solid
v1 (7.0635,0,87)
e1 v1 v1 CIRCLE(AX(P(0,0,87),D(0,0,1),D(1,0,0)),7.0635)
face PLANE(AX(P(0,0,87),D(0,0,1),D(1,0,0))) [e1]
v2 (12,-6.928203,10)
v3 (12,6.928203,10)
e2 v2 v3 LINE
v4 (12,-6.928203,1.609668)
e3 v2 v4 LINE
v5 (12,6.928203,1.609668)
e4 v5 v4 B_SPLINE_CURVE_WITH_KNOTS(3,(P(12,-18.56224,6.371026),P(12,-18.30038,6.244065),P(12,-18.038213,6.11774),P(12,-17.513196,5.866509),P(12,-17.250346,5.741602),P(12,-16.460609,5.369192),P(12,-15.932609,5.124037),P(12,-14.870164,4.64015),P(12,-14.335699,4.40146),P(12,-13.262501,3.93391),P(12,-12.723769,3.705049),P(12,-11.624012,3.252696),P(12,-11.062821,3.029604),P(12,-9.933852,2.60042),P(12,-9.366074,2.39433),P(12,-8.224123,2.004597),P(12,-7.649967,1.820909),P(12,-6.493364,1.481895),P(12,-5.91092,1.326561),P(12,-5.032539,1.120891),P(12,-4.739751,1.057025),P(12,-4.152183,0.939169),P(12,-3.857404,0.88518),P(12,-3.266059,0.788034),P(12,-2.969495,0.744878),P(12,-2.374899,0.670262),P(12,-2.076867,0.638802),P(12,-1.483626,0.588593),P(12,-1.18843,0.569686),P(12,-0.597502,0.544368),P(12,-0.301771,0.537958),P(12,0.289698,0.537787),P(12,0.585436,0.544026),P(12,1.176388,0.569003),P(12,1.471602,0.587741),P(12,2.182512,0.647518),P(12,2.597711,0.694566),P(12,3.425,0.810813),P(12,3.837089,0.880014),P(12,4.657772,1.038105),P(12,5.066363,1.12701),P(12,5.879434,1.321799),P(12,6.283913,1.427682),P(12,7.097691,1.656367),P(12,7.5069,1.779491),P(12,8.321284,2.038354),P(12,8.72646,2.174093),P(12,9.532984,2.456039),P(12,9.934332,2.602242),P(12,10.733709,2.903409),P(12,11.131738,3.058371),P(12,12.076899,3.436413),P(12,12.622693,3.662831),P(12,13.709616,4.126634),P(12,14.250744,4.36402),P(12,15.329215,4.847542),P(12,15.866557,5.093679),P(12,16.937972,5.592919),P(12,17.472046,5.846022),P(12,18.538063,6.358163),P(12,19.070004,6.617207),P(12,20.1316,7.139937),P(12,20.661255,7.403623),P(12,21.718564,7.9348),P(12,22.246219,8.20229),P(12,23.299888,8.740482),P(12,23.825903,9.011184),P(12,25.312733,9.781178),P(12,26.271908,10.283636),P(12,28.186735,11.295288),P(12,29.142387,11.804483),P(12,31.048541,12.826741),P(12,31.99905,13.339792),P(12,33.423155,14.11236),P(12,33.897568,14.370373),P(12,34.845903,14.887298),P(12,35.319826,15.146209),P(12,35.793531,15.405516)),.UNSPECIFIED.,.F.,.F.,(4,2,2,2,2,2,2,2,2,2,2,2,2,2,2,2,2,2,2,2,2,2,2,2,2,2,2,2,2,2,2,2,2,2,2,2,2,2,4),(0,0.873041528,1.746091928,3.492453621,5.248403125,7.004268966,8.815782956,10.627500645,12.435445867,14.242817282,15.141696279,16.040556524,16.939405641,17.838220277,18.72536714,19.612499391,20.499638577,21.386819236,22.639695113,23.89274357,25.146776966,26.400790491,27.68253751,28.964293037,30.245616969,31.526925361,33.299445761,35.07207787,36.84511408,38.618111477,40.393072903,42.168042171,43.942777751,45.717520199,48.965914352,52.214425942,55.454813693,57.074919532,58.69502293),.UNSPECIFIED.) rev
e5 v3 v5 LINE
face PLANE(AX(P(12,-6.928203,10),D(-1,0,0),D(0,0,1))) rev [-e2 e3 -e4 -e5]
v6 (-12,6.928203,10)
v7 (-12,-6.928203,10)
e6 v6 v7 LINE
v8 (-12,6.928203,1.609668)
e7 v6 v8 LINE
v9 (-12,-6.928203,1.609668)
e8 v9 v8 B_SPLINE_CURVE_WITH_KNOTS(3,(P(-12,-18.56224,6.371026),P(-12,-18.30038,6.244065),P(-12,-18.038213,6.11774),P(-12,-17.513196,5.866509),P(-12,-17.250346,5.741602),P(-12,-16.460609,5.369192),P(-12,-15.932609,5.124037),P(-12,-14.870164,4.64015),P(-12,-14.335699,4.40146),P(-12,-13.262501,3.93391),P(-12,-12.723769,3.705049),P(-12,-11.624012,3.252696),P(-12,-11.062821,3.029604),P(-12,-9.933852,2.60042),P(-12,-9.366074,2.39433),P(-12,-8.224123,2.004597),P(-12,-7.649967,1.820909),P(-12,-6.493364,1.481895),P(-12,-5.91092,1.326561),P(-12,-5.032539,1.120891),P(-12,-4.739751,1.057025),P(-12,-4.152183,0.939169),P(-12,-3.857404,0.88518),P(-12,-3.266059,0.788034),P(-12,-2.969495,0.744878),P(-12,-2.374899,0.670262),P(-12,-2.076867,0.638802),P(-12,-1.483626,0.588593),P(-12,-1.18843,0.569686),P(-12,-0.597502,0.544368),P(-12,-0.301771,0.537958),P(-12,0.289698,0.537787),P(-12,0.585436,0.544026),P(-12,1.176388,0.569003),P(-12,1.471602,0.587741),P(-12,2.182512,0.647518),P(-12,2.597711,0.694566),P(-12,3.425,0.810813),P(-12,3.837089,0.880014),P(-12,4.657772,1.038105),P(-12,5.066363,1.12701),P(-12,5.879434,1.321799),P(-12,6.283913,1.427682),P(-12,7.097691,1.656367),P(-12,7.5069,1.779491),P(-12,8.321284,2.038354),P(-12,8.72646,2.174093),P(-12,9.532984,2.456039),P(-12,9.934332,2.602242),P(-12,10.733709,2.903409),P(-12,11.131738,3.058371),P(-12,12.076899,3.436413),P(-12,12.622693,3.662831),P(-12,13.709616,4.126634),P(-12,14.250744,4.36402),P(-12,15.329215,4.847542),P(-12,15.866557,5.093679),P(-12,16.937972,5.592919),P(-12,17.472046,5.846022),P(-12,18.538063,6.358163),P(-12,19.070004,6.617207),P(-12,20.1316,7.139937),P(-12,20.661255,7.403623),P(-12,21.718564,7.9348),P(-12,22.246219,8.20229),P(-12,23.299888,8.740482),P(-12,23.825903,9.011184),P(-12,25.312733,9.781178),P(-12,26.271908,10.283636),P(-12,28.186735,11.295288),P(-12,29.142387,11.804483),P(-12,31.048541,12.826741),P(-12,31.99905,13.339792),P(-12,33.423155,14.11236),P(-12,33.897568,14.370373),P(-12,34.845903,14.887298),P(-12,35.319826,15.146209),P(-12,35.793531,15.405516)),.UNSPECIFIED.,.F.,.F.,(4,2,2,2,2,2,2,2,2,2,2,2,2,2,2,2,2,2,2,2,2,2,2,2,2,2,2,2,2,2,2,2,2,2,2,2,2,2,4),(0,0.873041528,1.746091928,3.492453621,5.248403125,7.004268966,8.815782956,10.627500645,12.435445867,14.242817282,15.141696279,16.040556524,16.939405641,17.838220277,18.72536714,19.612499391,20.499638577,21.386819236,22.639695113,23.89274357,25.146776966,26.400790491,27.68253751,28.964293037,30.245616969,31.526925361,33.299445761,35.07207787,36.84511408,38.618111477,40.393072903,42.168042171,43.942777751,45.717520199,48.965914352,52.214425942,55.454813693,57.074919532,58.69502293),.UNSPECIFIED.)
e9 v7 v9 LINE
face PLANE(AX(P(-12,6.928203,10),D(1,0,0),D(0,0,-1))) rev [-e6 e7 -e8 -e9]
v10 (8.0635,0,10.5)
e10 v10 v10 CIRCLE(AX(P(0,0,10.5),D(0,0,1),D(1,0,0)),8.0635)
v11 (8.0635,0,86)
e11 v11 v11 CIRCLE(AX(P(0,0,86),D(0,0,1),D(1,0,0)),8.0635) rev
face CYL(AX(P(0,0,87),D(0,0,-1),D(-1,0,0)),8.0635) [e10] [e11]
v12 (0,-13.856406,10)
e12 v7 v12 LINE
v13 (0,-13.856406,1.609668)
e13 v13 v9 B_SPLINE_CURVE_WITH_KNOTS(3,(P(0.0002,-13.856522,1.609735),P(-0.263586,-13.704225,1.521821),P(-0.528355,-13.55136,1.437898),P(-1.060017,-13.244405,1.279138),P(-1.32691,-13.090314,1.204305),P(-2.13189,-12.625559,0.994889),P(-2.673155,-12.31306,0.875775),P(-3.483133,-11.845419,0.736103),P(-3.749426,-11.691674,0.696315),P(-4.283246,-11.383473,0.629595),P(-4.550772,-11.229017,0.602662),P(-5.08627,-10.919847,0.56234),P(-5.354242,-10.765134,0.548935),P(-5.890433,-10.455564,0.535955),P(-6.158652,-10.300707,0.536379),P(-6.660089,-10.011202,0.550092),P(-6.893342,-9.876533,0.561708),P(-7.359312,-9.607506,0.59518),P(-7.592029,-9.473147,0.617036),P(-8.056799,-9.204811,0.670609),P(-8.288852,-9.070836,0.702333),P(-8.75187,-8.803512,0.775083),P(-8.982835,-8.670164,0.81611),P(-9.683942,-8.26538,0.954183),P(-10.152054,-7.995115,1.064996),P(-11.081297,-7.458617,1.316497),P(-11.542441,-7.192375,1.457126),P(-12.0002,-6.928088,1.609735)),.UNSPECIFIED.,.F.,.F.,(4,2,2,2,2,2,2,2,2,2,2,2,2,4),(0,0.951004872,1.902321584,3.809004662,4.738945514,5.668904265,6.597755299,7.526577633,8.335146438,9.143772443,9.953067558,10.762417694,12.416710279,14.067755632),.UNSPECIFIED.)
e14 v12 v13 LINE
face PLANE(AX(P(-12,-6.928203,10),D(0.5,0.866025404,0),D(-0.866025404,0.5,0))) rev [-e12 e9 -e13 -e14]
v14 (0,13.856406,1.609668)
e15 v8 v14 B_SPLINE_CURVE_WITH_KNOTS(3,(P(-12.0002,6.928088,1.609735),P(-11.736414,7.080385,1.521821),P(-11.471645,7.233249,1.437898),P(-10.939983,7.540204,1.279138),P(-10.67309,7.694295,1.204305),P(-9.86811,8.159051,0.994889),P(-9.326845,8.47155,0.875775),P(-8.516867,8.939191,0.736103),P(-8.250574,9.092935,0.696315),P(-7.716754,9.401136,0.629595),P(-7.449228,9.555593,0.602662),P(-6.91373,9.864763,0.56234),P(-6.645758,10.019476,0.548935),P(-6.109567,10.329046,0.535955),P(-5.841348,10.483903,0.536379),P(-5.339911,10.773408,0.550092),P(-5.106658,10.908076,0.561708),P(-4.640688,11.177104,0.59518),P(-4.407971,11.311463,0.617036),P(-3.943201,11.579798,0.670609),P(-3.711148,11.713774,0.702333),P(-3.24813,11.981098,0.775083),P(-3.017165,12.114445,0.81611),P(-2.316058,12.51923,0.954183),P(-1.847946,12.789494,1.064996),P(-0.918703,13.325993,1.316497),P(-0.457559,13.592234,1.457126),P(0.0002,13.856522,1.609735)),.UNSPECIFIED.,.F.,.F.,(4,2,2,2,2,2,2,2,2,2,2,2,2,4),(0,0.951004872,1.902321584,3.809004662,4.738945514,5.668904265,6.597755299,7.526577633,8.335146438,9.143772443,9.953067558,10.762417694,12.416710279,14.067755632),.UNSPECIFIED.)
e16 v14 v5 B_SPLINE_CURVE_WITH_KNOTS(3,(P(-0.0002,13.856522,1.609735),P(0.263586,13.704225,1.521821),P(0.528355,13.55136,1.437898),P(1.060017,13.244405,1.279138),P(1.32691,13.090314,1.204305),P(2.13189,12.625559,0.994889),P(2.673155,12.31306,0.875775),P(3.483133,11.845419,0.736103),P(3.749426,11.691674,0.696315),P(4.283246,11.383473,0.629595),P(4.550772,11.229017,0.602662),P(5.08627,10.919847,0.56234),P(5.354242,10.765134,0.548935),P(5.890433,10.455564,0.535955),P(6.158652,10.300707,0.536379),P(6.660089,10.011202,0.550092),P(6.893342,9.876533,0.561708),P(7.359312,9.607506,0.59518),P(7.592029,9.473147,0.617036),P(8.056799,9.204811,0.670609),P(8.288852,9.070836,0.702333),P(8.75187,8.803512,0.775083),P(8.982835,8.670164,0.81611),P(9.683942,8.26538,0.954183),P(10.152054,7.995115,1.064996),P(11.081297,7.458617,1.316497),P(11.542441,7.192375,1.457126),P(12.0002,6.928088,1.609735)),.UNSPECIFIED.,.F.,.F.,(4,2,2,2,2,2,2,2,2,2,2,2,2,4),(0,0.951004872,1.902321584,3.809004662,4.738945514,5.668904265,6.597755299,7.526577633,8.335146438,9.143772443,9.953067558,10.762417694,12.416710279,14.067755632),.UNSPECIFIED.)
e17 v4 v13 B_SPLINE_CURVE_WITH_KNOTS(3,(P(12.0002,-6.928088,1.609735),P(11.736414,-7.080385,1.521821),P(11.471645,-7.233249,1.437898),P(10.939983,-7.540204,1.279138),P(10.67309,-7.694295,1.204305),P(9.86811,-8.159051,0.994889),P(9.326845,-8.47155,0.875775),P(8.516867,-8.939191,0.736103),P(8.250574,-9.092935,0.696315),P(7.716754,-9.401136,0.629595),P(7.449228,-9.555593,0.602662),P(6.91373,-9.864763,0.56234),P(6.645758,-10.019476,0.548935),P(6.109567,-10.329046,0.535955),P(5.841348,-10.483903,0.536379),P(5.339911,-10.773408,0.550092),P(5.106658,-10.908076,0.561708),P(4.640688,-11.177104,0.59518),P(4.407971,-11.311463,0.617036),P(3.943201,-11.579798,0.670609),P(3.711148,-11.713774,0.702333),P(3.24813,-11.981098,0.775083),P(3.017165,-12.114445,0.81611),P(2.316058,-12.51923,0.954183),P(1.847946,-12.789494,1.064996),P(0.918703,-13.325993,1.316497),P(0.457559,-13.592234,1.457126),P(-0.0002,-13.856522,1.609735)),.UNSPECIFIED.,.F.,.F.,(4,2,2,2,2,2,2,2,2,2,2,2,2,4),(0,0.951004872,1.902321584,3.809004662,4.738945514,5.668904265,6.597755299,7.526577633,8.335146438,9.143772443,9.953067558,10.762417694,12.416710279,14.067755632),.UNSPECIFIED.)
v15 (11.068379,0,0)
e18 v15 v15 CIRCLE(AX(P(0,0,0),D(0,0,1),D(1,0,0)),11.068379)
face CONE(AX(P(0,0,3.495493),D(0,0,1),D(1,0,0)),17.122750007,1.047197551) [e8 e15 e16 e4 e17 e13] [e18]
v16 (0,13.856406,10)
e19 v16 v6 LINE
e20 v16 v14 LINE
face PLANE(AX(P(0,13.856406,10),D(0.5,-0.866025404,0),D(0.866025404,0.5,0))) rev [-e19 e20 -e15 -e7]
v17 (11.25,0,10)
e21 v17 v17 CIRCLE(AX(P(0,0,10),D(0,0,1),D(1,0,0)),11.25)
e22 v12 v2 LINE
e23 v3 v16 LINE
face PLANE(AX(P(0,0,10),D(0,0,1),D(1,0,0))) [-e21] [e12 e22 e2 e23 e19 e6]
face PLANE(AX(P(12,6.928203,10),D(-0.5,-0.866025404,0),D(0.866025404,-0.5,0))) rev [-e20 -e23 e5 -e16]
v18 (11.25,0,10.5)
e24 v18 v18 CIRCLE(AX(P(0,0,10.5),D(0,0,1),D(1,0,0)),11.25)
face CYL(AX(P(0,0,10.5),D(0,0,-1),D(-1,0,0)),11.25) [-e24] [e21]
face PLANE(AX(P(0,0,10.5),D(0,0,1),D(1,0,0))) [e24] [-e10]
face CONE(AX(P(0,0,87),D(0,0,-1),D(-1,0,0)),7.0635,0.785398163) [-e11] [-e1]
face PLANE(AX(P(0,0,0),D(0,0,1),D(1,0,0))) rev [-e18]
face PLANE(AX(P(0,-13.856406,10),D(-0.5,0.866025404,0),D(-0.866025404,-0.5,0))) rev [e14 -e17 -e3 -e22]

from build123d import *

# Parameters (mm, degrees)
SALIENTE_EXTRUIR1_DEPTH = 10
CROQUIS2_R              = 8.0635
SALIENTE_EXTRUIR2_DEPTH = 77
CROQUIS8_R              = 11.25
SALIENTE_EXTRUIR3_DEPTH = 0.5
CHAFL_N1_SIZE           = 1


with BuildPart() as part:
    # Croquis1 → Saliente-Extruir1 (new body)
    with BuildSketch(Plane.XY):
        Polygon((0, 13.856406461), (-12, 6.92820323), (-12, -6.92820323), (0, -13.856406461), (12, -6.92820323), (12, 6.92820323), align=None)
    extrude(amount=SALIENTE_EXTRUIR1_DEPTH)

    # Croquis2 → Saliente-Extruir2 (add)
    with BuildSketch(Plane.XY.offset(10)):
        Circle(CROQUIS2_R)
    extrude(amount=SALIENTE_EXTRUIR2_DEPTH)

    # Croquis7 → Cortar-Revolución1 (revolve, cut)
    with BuildSketch(Plane(origin=(0, 0, 0), x_dir=(0, 0, -1), z_dir=(1, 0, 0)), mode=Mode.PRIVATE) as cortar_revoluci_n1_sk:
        Polygon((-3.49549265, 17.122750007), (0.466312036, 10.260703002), (0.466312036, 17.122750007), align=None)
    revolve(cortar_revoluci_n1_sk.sketch.rotate(Axis((0, 0, 3.49549265), (0, 0, -1)), 90), axis=Axis((0, 0, 3.49549265), (0, 0, -1)), mode=Mode.SUBTRACT)

    # Croquis8 → Saliente-Extruir3 (add)
    with BuildSketch(Plane.XY.offset(10)):
        Circle(CROQUIS8_R)
    extrude(amount=SALIENTE_EXTRUIR3_DEPTH)

    # Chaflán1
    chafl_n1_edges = [part.edges().sort_by_distance(p)[0] for p in [
        (-8.0635, 0, 87),
    ]]
    chamfer(chafl_n1_edges, length=CHAFL_N1_SIZE)


solid = part.part
